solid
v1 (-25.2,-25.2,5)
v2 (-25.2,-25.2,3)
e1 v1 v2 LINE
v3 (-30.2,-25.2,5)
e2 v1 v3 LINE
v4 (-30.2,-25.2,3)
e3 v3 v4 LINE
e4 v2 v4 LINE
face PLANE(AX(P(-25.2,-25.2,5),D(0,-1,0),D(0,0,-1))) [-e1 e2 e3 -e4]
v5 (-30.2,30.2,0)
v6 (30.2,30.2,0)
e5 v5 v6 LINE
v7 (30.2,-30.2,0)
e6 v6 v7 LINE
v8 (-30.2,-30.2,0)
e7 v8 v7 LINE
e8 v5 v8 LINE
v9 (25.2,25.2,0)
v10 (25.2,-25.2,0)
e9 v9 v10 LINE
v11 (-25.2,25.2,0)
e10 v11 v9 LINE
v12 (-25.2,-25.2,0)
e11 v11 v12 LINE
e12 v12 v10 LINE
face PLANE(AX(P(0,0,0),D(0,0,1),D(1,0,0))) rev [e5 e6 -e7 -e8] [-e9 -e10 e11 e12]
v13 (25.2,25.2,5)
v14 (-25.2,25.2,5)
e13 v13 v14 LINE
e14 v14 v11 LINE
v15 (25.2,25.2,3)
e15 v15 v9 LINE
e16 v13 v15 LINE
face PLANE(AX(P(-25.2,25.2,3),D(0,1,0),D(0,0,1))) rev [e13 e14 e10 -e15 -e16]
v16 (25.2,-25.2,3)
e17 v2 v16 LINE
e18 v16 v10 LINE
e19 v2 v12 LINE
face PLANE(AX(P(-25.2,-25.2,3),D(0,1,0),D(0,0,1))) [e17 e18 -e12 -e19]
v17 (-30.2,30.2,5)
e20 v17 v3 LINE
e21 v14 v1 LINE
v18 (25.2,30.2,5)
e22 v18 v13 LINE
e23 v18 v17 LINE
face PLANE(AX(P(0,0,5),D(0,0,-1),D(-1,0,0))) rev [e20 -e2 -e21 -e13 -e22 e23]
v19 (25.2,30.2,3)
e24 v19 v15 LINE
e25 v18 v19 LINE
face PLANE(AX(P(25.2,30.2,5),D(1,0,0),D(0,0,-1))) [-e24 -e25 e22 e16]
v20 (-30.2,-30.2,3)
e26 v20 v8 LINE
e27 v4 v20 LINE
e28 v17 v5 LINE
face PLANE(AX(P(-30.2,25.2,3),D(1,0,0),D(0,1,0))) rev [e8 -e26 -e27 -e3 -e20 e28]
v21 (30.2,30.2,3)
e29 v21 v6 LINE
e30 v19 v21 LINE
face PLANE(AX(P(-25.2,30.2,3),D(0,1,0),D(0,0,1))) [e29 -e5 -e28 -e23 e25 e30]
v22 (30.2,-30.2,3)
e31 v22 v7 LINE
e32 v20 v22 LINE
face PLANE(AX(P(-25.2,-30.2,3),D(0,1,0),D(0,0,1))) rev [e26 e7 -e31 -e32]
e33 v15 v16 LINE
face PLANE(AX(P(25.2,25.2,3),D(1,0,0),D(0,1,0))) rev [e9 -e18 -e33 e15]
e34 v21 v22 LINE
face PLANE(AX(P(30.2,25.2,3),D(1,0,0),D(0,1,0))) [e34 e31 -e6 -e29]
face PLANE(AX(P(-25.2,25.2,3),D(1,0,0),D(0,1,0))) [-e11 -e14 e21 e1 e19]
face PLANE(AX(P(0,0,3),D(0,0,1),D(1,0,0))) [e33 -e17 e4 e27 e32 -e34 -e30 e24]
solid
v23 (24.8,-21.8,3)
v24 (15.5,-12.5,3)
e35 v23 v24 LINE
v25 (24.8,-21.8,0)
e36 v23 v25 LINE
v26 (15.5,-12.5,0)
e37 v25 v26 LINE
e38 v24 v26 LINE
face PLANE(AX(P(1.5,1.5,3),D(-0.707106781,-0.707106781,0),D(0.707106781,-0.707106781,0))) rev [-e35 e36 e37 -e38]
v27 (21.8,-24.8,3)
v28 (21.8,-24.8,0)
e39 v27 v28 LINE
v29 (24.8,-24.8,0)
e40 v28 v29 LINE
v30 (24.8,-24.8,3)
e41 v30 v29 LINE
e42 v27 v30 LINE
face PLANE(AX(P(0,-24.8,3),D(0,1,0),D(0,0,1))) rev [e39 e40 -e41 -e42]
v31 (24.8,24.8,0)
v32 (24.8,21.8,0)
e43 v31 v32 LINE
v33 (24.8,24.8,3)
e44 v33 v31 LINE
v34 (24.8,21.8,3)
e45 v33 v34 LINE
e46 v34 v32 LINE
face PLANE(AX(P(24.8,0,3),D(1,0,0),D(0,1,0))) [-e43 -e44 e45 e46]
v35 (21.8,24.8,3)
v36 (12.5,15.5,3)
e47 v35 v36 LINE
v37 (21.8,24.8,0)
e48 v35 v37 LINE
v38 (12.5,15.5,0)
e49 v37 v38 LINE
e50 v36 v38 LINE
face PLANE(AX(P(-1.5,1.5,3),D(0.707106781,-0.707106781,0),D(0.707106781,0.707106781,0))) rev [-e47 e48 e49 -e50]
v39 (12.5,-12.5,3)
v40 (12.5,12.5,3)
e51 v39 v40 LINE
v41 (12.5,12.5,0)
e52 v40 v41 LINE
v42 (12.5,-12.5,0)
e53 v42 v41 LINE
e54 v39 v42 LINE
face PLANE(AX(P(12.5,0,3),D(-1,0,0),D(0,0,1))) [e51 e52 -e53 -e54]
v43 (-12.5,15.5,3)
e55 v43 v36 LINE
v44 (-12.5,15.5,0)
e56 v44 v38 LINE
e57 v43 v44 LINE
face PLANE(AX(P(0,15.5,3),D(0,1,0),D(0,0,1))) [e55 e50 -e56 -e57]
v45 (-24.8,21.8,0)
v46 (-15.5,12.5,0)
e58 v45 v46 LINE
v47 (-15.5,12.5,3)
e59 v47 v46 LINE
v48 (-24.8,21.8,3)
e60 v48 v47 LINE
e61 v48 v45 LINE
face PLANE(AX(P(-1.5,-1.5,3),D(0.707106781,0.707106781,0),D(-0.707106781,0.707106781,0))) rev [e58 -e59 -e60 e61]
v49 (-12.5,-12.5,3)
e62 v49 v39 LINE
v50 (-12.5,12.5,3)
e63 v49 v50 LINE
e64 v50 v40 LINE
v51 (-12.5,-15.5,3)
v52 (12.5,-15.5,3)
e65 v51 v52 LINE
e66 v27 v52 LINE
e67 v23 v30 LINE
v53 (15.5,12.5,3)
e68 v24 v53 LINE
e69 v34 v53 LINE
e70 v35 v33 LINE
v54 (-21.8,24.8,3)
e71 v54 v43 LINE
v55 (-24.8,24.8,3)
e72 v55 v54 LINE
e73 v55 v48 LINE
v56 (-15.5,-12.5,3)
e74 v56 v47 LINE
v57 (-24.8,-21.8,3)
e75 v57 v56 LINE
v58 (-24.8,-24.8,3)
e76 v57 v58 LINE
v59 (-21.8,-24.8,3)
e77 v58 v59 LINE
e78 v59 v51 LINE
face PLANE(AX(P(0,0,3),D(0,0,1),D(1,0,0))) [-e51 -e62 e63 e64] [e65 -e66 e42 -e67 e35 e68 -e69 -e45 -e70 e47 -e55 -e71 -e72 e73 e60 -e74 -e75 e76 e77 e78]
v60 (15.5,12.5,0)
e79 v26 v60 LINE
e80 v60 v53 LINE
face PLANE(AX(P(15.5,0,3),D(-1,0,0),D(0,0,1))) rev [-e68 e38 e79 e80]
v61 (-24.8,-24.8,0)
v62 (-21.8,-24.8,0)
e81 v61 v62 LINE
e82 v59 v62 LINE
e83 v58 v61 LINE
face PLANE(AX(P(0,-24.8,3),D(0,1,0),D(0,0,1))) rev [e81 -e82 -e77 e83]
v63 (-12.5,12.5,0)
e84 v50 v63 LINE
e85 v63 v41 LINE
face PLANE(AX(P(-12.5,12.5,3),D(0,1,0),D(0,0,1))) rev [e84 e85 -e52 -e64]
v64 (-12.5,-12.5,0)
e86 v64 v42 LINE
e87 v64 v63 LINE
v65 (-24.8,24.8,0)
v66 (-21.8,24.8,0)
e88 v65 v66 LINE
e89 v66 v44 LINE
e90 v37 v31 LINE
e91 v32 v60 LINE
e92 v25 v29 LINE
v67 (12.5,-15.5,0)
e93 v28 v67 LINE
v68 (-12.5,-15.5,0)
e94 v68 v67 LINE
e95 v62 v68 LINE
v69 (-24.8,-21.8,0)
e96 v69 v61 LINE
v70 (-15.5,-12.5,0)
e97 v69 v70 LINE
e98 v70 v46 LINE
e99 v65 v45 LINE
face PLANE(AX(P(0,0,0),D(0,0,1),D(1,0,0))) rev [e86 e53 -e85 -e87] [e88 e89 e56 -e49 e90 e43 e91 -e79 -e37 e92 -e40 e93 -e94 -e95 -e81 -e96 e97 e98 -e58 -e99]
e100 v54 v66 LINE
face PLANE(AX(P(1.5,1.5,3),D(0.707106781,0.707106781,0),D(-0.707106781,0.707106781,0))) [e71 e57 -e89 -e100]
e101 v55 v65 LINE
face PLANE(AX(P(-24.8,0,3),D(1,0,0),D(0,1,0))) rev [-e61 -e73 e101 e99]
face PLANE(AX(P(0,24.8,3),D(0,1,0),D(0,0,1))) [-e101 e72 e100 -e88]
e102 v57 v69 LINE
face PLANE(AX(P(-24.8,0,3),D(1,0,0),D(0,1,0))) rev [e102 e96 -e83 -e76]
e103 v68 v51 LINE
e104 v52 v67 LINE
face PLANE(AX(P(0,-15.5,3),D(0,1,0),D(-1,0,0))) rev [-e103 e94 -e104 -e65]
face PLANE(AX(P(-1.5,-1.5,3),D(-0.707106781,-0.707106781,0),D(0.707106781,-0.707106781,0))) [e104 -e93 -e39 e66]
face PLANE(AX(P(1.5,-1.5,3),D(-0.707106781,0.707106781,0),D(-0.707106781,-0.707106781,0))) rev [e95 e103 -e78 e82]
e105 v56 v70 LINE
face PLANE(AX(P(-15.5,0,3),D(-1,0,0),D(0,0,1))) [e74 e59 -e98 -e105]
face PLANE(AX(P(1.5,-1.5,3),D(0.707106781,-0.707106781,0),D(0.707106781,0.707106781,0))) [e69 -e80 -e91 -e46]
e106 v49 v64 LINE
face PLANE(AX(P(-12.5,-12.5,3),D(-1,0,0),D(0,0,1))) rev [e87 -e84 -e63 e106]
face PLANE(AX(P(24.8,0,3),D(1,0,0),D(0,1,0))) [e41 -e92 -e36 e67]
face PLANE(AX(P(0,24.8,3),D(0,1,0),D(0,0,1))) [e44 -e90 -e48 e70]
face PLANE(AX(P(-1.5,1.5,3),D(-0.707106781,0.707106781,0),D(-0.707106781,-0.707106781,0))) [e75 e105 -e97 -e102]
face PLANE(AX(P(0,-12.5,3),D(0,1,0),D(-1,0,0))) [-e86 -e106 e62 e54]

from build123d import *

# Parameters (mm, degrees)
SKETCH1_W             = 60.4
SKETCH1_H             = 60.4
SKETCH1_W_2           = 50.4
SKETCH1_H_2           = 50.4
EXTRUDE_THIN1_DEPTH   = 3
BOSS_EXTRUDE1_DEPTH   = 3
BOSS_EXTRUDE1_2_DEPTH = 3
BOSS_EXTRUDE1_3_DEPTH = 3
BOSS_EXTRUDE1_4_DEPTH = 3
SKETCH1_5_W           = 31
SKETCH1_5_H           = 31
SKETCH1_5_W_2         = 25
SKETCH1_5_H_2         = 25
EXTRUDE_THIN2_DEPTH   = 3
EXTRUDE_THIN3_DEPTH   = 2


with BuildPart() as part:
    # Sketch1 → Extrude-Thin1 (new body)
    with BuildSketch(Plane.XY):
        Rectangle(SKETCH1_W, SKETCH1_H)
        Rectangle(SKETCH1_W_2, SKETCH1_H_2, mode=Mode.SUBTRACT)
    extrude(amount=EXTRUDE_THIN1_DEPTH)

    # Sketch2 → Extrude-Thin3 (add)
    with BuildSketch(Plane.XY.offset(3)):
        Polygon((-25.2, -25.2), (-25.2, 25.2), (25.2, 25.2), (25.2, 30.2), (-30.2, 30.2), (-30.2, -25.2), align=None)
    extrude(amount=EXTRUDE_THIN3_DEPTH)


with BuildPart() as body_2:
    # Sketch1<4> → Boss-Extrude1 (new body)
    with BuildSketch(Plane.XY):
        Polygon((24.8, -24.8), (24.8, -21.8), (12.5, -9.5), (12.5, -12.5), (9.5, -12.5), (21.8, -24.8), align=None)
    extrude(amount=BOSS_EXTRUDE1_DEPTH)



with BuildPart() as body_3:
    # Sketch1<4> → Boss-Extrude1 2 (new body)
    with BuildSketch(Plane.XY):
        Polygon((-12.5, -9.5), (-24.8, -21.8), (-24.8, -24.8), (-21.8, -24.8), (-9.5, -12.5), (-12.5, -12.5), align=None)
    extrude(amount=BOSS_EXTRUDE1_2_DEPTH)


with BuildPart() as body_4:
    # Sketch1<4> → Boss-Extrude1 3 (new body)
    with BuildSketch(Plane.XY):
        Polygon((-21.8, 24.8), (-24.8, 24.8), (-24.8, 21.8), (-12.5, 9.5), (-12.5, 12.5), (-9.5, 12.5), align=None)
    extrude(amount=BOSS_EXTRUDE1_3_DEPTH)


with BuildPart() as body_5:
    # Sketch1<4> → Boss-Extrude1 4 (new body)
    with BuildSketch(Plane.XY):
        Polygon((24.8, 24.8), (21.8, 24.8), (9.5, 12.5), (12.5, 12.5), (12.5, 9.5), (24.8, 21.8), align=None)
    extrude(amount=BOSS_EXTRUDE1_4_DEPTH)


with BuildPart() as body_2_1:
    add(body_2.part)

    add(body_3.part)  # Extrude-Thin2 merges body 3

    add(body_4.part)  # Extrude-Thin2 merges body 4

    add(body_5.part)  # Extrude-Thin2 merges body 5
    # Sketch1<5> → Extrude-Thin2 (add)
    with BuildSketch(Plane.XY):
        Rectangle(SKETCH1_5_W, SKETCH1_5_H)
        Rectangle(SKETCH1_5_W_2, SKETCH1_5_H_2, mode=Mode.SUBTRACT)
    extrude(amount=EXTRUDE_THIN2_DEPTH)


solid = Compound([part.part, body_2_1.part])
